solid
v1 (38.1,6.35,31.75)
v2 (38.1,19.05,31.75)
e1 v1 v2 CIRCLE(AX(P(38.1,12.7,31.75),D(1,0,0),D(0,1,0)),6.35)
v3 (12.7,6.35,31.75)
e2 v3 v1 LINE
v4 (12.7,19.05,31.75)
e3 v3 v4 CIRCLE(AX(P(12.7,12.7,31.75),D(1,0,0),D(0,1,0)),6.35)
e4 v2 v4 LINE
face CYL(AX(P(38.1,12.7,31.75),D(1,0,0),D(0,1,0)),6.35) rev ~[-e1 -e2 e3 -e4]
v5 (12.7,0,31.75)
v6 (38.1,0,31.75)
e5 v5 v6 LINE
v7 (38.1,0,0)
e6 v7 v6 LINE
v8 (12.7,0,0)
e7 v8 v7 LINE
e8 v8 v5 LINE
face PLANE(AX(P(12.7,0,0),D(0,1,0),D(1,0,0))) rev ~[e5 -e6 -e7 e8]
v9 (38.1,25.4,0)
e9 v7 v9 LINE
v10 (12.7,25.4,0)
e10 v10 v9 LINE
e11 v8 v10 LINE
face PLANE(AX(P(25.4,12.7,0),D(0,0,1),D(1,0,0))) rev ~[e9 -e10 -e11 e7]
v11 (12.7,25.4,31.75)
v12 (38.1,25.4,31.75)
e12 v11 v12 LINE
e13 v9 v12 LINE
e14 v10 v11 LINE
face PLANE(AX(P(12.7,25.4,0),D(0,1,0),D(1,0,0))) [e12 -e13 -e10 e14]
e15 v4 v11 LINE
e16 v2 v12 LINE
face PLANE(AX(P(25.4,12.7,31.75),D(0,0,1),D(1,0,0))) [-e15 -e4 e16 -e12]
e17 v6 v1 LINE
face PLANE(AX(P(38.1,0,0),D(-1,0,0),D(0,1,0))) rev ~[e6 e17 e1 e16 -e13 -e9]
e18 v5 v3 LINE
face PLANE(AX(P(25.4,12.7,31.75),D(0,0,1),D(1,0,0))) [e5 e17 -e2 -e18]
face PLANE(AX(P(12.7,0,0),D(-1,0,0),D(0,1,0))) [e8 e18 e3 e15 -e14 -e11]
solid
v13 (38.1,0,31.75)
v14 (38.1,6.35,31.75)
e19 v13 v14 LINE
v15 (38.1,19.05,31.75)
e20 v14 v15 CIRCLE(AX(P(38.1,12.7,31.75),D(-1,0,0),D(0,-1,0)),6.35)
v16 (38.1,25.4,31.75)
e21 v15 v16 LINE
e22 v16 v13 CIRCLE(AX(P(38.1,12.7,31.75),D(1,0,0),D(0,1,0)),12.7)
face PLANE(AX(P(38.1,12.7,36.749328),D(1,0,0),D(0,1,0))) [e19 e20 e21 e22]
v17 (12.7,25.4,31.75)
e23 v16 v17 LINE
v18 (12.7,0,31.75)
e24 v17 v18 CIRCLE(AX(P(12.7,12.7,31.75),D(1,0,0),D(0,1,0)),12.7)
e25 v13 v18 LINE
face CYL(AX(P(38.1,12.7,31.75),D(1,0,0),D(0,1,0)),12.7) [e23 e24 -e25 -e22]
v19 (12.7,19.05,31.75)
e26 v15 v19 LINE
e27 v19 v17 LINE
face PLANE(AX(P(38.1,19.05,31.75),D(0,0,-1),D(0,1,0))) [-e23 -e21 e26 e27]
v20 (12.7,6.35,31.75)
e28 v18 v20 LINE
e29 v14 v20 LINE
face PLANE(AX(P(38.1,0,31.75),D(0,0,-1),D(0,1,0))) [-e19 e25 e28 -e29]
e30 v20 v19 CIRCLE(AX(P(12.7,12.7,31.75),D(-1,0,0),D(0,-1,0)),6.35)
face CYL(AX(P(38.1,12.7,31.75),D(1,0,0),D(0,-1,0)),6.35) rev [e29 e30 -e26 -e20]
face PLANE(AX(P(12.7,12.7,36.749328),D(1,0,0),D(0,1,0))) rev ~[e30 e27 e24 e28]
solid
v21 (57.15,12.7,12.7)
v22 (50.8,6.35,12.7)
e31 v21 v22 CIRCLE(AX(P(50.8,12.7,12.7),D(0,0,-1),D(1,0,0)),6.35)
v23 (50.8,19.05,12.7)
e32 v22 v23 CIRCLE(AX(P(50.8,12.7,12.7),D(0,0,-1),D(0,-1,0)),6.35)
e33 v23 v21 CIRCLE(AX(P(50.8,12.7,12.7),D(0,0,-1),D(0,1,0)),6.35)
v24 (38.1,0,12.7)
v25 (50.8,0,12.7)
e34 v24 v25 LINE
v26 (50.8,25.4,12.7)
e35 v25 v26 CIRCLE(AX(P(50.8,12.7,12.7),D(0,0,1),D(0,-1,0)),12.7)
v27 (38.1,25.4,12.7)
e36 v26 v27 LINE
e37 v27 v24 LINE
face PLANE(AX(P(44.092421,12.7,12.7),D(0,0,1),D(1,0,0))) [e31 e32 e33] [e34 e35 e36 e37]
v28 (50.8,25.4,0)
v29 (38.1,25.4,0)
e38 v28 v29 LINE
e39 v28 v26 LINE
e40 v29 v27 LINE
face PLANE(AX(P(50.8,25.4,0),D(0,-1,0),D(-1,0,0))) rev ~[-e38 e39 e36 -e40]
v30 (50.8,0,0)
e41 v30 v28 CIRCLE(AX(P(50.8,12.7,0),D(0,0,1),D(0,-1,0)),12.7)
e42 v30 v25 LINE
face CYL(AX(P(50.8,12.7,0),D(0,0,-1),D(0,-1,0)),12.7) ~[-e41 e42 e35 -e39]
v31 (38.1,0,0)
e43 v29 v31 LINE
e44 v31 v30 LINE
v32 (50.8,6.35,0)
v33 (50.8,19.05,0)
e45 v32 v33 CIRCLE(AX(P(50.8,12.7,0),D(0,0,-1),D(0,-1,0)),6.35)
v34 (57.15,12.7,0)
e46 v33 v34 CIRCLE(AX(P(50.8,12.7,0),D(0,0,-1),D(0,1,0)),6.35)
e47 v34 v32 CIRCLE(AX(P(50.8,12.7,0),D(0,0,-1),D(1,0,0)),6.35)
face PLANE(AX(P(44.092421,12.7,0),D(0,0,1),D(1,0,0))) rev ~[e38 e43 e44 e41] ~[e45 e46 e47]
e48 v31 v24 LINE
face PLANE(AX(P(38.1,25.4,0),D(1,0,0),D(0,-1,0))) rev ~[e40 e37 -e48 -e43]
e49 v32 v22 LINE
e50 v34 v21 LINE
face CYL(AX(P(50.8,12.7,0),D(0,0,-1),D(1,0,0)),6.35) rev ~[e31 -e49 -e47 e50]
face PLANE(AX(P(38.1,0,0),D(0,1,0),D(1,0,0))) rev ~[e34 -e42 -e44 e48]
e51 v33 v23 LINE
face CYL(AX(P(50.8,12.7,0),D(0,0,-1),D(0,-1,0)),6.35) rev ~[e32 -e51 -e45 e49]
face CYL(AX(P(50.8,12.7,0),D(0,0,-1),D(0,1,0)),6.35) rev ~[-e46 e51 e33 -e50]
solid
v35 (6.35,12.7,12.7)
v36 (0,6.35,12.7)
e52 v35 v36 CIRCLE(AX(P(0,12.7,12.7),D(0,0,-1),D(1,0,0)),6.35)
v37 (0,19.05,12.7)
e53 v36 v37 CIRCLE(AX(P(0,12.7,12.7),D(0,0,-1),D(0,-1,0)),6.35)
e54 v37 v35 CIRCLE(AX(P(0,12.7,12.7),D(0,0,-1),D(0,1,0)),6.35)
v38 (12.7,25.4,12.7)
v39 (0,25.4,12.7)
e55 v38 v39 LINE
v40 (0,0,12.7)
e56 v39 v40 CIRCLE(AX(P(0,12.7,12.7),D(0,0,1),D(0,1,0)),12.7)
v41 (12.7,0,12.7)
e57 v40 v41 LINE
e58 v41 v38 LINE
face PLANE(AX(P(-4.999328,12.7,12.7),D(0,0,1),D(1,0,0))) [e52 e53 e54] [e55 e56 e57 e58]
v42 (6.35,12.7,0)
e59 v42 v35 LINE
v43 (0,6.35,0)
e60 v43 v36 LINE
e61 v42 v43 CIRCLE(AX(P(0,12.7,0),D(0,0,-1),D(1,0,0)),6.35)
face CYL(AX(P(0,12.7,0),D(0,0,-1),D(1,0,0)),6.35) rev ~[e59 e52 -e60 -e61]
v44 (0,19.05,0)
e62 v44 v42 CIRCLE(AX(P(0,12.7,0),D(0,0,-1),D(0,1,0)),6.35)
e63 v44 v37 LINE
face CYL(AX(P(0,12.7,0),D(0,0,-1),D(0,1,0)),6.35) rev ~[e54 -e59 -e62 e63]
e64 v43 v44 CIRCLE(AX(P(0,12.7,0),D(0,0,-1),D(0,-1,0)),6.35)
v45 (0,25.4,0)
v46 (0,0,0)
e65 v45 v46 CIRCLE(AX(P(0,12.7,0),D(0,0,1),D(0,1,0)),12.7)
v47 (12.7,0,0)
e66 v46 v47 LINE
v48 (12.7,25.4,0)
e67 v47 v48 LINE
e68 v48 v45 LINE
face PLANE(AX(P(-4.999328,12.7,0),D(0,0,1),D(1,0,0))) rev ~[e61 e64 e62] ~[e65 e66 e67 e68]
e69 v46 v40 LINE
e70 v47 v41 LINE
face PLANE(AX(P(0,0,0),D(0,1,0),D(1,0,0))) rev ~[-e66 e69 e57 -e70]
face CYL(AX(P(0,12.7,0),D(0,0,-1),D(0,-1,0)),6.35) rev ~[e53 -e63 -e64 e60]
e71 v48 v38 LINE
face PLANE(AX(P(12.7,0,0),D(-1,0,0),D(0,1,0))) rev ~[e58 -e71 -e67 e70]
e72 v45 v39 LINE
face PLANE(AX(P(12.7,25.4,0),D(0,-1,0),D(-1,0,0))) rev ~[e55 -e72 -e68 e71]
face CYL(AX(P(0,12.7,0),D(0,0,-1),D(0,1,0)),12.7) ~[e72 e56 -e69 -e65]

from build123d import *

# Parameters (mm, degrees)
F1_DEPTH = 12.7
F0_W     = 25.4
F0_H     = 25.4
F2_DEPTH = 31.75
F4_DEPTH = 25.4
F3_R     = 6.35
F5_DEPTH = 25.4


with BuildPart() as f1:
    # F0 (on Top) → F1 (new body)
    with BuildSketch(Plane.XY):
        with BuildLine():
            ThreePointArc((0, 25.4), (-12.7, 12.7), (0, 0))
            Line((0, 0), (0, 6.35))
            ThreePointArc((0, 6.35), (-6.35, 12.7), (0, 19.05))
            Line((0, 19.05), (0, 25.4))
        make_face()
        with BuildLine():
            Line((0, 6.35), (0, 0))
            Line((0, 0), (12.7, 0))
            Line((12.7, 0), (12.7, 25.4))
            Line((12.7, 25.4), (0, 25.4))
            Line((0, 25.4), (0, 19.05))
            ThreePointArc((0, 19.05), (4.4901280605, 17.1901280605), (6.35, 12.7))
            ThreePointArc((6.35, 12.7), (4.4901280605, 8.2098719395), (0, 6.35))
        make_face()
    extrude(amount=F1_DEPTH)


with BuildPart() as f1b:
    # F0 (on Top) → F1, piece 2 (new body)
    with BuildSketch(Plane.XY):
        with BuildLine():
            Line((38.1, 25.4), (38.1, 0))
            Line((38.1, 0), (50.8, 0))
            Line((50.8, 0), (50.8, 6.35))
            ThreePointArc((50.8, 6.35), (44.45, 12.7), (50.8, 19.05))
            Line((50.8, 19.05), (50.8, 25.4))
            Line((50.8, 25.4), (38.1, 25.4))
        make_face()
        with BuildLine():
            Line((50.8, 6.35), (50.8, 0))
            ThreePointArc((50.8, 0), (63.5, 12.7), (50.8, 25.4))
            Line((50.8, 25.4), (50.8, 19.05))
            ThreePointArc((50.8, 19.05), (55.2901280605, 17.1901280605), (57.15, 12.7))
            ThreePointArc((57.15, 12.7), (55.2901280605, 8.2098719395), (50.8, 6.35))
        make_face()
    extrude(amount=F1_DEPTH)


with BuildPart() as f2:
    # F0 (on Top) → F2 (new body)
    with BuildSketch(Plane.XY):
        with Locations((25.4, 12.7)):
            Rectangle(F0_W, F0_H)
    extrude(amount=F2_DEPTH)

    # F3 (on face) → F5 (cut)
    with BuildSketch(Plane.YZ.offset(38.1)):
        with Locations((12.7, 31.75)):
            Circle(F3_R)
    extrude(amount=-F5_DEPTH, mode=Mode.SUBTRACT)


with BuildPart() as f4:
    # F3 (on face) → F4 (new body)
    with BuildSketch(Plane.YZ.offset(38.1)):
        with BuildLine():
            Line((19.05, 31.75), (25.4, 31.75))
            ThreePointArc((25.4, 31.75), (12.7, 44.45), (0, 31.75))
            Line((0, 31.75), (6.35, 31.75))
            ThreePointArc((6.35, 31.75), (12.7, 38.1), (19.05, 31.75))
        make_face()
    extrude(amount=-F4_DEPTH)


solid = Compound([f1.part, f1b.part, f2.part, f4.part])
